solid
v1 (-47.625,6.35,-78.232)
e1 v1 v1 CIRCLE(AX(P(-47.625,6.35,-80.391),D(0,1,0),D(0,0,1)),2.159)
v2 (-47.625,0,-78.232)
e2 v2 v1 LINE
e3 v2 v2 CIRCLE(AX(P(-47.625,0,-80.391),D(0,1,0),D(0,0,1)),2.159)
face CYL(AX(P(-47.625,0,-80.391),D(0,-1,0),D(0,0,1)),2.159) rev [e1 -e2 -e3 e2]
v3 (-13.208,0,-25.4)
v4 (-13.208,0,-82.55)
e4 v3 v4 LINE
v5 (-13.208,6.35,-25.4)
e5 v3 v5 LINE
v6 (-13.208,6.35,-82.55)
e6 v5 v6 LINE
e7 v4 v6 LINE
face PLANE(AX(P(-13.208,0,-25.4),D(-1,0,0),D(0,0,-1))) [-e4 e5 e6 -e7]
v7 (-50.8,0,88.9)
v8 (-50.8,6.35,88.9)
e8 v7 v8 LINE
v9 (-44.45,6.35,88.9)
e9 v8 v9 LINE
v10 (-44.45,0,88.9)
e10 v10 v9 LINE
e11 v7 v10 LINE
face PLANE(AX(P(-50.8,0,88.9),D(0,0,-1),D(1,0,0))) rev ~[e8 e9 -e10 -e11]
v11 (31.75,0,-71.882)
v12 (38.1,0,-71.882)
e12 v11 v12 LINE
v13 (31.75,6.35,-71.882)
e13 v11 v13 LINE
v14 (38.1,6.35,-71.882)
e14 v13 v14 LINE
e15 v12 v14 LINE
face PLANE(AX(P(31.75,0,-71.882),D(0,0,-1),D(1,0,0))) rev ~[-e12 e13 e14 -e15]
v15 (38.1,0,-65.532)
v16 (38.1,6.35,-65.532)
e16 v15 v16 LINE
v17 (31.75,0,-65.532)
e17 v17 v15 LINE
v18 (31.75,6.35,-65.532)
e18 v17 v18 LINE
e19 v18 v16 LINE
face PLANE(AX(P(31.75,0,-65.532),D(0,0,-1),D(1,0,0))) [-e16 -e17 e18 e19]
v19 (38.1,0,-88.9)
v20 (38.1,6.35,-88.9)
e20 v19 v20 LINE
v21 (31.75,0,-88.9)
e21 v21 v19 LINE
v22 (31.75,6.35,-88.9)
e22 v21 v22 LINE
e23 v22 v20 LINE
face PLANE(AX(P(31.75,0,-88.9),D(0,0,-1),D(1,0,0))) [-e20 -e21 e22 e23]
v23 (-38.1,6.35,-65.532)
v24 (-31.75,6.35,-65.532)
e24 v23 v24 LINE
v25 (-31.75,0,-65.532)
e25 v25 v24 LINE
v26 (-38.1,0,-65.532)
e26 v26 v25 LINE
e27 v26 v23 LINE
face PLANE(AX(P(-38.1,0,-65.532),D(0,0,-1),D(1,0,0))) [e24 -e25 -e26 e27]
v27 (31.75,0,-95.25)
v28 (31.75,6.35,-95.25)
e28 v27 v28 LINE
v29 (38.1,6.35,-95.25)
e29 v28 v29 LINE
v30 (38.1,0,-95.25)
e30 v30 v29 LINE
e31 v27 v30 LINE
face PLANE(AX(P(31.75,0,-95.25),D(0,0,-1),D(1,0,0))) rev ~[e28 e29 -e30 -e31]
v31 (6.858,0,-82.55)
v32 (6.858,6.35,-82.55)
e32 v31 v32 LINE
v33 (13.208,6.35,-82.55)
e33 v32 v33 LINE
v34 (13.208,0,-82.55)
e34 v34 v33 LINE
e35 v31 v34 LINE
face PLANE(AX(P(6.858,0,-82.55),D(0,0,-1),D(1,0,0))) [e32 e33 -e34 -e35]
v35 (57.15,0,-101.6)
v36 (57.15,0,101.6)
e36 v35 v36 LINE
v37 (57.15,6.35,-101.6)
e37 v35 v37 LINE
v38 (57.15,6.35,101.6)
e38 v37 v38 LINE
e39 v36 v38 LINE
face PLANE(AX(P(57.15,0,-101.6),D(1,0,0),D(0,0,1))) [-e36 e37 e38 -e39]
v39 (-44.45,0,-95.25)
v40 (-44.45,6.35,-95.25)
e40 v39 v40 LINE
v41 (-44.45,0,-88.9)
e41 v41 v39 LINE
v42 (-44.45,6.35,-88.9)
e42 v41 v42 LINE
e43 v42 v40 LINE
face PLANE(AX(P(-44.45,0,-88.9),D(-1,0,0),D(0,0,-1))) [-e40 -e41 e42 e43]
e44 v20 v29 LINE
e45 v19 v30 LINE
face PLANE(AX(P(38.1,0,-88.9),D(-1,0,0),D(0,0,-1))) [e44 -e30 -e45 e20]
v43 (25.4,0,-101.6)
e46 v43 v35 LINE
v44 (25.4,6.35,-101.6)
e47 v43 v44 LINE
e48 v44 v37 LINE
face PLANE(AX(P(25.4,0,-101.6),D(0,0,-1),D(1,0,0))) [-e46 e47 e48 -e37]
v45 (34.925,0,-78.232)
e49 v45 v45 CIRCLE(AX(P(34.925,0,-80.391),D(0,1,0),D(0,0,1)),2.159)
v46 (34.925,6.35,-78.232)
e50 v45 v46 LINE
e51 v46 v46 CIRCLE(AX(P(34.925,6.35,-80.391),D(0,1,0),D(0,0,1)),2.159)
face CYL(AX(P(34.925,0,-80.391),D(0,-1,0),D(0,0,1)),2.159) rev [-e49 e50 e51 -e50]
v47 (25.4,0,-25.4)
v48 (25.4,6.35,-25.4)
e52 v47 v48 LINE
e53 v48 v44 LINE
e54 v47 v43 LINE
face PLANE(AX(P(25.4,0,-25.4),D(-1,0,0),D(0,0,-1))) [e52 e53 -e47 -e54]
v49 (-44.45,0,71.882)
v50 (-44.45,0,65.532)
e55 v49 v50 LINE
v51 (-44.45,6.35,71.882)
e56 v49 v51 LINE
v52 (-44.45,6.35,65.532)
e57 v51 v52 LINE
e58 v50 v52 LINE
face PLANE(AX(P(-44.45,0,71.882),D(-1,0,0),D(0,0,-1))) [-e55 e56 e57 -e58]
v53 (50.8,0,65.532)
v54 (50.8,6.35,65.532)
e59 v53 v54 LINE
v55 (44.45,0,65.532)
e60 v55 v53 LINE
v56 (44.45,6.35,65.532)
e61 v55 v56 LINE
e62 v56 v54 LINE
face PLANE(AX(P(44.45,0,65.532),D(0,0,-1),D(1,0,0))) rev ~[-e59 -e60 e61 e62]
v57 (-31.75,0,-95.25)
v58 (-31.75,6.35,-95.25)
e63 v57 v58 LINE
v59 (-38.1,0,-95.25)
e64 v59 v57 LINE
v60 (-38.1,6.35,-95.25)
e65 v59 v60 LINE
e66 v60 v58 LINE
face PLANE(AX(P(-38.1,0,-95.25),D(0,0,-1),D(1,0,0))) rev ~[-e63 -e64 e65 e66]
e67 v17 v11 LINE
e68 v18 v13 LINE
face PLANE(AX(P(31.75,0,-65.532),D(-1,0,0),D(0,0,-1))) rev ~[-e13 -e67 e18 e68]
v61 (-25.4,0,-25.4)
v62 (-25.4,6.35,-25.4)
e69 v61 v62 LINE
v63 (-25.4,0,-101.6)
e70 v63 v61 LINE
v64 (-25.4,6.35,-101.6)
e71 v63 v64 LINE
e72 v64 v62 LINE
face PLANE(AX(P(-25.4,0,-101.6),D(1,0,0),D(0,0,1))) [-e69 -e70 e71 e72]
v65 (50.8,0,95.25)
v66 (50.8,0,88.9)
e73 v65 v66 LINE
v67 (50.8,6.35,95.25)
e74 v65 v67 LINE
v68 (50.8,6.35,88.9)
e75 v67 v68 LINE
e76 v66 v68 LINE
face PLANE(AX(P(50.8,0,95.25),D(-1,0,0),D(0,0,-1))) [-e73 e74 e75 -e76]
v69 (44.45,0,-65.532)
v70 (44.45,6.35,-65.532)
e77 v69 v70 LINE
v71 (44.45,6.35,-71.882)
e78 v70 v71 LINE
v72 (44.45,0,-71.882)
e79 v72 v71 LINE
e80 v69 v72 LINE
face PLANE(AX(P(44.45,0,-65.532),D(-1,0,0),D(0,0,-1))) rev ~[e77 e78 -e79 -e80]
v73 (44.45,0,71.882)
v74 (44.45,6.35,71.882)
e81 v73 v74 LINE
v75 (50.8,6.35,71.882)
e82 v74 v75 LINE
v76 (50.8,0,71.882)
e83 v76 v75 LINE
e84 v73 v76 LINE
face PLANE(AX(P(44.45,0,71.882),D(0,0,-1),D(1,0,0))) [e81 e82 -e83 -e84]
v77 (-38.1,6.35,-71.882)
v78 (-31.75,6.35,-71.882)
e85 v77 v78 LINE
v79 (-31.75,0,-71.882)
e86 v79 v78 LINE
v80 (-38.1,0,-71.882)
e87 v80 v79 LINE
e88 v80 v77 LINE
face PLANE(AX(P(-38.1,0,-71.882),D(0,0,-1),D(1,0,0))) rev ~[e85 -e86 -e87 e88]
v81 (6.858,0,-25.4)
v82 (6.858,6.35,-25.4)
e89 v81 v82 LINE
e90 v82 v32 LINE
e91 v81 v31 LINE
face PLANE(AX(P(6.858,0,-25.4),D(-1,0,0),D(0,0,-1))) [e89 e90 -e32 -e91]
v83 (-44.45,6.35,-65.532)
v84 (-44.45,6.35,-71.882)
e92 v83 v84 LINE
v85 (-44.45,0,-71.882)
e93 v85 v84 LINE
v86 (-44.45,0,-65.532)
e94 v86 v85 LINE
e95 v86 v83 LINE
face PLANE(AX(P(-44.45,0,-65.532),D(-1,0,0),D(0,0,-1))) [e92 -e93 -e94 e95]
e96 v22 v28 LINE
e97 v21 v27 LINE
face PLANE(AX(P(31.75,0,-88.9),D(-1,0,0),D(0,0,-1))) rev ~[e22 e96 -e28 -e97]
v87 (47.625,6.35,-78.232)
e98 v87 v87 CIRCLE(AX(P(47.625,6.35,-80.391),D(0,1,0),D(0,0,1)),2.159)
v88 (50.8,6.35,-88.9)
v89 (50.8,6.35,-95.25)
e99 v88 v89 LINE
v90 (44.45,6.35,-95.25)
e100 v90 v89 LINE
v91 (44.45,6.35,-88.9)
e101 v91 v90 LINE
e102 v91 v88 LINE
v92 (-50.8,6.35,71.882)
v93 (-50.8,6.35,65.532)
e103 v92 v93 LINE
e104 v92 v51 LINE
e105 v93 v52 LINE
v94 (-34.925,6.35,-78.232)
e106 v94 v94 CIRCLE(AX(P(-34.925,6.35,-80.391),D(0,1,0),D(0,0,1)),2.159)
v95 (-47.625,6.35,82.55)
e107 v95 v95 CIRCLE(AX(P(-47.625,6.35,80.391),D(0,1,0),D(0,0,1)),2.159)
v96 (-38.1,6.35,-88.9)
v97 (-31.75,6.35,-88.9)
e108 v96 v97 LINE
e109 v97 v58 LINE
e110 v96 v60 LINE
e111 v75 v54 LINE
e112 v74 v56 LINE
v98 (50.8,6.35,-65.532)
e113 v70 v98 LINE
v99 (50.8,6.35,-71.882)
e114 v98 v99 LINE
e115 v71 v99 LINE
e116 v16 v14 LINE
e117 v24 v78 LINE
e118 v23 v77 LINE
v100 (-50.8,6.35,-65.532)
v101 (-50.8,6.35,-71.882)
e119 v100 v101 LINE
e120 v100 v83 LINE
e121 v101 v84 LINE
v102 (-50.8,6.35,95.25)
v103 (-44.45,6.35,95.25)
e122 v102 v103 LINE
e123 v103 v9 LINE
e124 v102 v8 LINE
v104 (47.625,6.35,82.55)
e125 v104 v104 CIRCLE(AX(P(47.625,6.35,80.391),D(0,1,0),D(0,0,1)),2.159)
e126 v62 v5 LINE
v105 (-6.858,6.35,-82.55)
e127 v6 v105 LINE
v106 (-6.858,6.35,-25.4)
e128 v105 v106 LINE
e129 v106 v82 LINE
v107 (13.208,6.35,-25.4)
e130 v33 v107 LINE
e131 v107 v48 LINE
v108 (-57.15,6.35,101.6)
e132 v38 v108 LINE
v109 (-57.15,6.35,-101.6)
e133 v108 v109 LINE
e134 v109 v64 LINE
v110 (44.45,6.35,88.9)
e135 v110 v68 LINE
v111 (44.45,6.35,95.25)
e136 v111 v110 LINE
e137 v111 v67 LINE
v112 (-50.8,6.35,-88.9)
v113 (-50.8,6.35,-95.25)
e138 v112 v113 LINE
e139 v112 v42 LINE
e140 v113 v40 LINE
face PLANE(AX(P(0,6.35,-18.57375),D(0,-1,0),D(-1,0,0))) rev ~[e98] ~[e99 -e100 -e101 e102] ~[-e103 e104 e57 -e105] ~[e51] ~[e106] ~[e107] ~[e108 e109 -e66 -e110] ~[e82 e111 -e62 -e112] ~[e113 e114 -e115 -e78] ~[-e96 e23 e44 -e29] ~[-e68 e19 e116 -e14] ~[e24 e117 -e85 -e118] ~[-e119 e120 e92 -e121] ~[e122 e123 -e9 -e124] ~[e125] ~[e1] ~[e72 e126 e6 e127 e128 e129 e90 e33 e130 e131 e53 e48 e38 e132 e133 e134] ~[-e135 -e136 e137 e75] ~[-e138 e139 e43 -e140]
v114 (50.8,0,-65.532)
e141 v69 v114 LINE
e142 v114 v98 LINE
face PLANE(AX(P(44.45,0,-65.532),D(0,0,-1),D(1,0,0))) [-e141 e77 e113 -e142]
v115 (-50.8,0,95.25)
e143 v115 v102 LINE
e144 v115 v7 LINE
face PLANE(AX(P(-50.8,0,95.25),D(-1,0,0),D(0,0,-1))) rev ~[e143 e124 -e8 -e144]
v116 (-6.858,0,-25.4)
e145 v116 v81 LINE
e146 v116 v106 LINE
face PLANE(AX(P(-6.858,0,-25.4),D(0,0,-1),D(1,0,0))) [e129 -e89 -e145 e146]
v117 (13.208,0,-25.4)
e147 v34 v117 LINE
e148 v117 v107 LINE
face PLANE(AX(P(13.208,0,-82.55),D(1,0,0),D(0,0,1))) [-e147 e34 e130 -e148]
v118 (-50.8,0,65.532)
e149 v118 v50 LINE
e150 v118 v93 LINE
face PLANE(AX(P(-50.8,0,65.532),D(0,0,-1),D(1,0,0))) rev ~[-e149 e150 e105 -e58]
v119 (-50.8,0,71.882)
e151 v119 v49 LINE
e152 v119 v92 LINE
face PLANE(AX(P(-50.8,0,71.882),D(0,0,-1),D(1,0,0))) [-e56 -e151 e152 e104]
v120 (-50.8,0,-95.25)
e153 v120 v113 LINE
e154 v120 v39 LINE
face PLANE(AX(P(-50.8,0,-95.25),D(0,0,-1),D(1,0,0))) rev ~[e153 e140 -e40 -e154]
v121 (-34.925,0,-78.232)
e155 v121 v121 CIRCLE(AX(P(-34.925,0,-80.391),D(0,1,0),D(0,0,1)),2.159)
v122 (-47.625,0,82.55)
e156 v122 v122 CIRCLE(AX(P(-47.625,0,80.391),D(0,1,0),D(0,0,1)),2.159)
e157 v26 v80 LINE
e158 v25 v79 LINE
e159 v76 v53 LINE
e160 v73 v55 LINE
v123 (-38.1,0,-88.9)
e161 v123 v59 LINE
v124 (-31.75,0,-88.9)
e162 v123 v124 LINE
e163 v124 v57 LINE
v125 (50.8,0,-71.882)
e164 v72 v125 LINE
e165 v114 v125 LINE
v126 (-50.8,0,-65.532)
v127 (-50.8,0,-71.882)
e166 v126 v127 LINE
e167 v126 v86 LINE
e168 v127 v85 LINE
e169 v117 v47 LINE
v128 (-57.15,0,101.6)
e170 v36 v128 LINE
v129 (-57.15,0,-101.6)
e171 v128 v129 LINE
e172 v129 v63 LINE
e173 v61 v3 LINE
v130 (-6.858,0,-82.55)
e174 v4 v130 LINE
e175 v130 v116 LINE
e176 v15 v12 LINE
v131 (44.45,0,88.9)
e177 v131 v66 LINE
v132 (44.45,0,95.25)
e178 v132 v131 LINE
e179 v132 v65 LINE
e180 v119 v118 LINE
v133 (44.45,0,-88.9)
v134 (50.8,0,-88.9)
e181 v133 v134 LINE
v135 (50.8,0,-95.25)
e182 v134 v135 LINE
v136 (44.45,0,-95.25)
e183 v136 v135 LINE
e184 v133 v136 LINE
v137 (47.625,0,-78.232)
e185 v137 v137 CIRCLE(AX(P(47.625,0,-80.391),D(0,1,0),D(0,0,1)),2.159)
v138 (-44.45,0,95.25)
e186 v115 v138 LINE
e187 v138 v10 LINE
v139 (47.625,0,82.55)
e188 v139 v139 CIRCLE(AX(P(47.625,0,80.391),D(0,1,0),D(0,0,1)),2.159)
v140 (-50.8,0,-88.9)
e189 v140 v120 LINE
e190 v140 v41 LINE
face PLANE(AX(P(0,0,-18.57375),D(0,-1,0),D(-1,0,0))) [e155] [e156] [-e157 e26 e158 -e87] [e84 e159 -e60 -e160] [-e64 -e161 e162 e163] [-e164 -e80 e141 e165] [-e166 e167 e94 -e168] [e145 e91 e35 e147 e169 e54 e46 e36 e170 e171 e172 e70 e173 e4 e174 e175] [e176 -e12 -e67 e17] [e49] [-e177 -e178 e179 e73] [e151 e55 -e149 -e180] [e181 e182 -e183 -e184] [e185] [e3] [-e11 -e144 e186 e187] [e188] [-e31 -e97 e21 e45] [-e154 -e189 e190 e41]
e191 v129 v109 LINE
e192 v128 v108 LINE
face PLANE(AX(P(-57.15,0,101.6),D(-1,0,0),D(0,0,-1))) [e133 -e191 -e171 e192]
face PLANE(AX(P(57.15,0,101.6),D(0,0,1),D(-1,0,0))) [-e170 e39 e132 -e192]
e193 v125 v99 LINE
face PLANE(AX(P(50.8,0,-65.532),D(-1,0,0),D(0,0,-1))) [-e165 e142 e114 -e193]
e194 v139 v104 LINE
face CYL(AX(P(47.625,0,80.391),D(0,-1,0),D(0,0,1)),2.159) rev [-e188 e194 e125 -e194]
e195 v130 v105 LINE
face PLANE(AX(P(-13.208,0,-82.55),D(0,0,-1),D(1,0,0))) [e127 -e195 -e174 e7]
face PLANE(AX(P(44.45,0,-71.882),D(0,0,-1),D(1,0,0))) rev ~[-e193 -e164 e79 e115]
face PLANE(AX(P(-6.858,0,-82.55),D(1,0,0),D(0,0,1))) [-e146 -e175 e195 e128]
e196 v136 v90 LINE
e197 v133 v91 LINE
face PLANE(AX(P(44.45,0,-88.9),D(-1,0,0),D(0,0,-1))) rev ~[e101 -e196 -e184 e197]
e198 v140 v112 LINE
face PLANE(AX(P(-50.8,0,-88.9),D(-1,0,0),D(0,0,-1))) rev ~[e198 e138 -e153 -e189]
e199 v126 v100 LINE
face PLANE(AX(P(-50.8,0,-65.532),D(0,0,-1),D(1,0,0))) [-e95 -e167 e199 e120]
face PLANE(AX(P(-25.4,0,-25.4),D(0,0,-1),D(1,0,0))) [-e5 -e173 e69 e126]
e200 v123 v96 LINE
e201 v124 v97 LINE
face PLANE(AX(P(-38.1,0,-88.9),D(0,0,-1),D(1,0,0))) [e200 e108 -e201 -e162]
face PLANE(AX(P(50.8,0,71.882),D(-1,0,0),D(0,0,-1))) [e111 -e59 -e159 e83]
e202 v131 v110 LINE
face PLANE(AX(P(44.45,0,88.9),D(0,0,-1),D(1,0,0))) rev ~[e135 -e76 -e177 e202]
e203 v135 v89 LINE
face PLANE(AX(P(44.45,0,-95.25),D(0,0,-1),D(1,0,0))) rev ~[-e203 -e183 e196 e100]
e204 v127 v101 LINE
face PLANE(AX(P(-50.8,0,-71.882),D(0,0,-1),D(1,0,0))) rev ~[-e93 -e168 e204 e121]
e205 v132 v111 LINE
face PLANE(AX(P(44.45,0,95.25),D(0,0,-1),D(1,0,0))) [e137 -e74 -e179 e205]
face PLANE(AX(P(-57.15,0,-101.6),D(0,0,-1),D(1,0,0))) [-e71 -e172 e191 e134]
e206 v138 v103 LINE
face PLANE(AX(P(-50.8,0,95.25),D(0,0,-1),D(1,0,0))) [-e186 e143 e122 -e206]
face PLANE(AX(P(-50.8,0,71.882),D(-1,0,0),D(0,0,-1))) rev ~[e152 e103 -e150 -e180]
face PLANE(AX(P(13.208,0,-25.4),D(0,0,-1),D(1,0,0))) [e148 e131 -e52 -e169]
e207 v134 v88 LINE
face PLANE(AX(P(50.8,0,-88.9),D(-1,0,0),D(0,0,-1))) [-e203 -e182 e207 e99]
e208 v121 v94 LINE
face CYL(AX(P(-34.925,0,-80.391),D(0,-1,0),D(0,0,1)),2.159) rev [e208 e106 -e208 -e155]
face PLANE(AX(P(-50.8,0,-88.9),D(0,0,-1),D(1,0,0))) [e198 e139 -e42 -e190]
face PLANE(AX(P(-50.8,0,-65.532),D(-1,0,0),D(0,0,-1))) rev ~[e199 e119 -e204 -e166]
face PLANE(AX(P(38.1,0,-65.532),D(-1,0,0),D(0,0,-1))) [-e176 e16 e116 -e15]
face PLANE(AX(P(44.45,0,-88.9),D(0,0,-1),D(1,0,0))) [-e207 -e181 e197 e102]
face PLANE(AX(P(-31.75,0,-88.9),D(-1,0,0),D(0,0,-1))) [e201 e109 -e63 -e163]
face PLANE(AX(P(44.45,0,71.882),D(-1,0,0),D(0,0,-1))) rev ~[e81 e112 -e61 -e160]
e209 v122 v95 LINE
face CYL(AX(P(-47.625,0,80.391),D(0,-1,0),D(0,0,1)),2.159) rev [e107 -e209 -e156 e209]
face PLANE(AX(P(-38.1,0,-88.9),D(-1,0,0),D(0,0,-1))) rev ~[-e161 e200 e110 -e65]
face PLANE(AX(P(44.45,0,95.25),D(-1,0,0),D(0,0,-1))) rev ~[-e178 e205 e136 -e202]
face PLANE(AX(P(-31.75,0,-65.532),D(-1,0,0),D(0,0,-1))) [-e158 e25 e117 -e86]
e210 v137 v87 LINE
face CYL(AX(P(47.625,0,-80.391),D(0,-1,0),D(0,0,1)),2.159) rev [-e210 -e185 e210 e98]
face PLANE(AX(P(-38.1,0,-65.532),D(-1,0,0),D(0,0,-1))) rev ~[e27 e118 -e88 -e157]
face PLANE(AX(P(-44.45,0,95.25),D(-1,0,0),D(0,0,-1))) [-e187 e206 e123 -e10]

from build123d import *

# Parameters (mm, degrees)
SKETCH1_R           = 2.159
SKETCH1_W           = 6.35
SKETCH1_H           = 6.35
BOSS_EXTRUDE1_DEPTH = 6.35


with BuildPart() as part:
    # Sketch1 → Boss-Extrude1 (new body)
    with BuildSketch(Plane(origin=(0, 0, 0), x_dir=(1, 0, 0), z_dir=(0, 1, 0))):
        Polygon((-57.15, 101.6), (-25.4, 101.6), (-25.4, 25.4), (-13.208, 25.4), (-13.208, 82.55), (-6.858, 82.55), (-6.858, 25.4), (6.858, 25.4), (6.858, 82.55), (13.208, 82.55), (13.208, 25.4), (25.4, 25.4), (25.4, 101.6), (57.15, 101.6), (57.15, -101.6), (-57.15, -101.6), align=None)
        with Locations(Location((34.925, 80.391, 0), (0, 0, 270))):
            Circle(SKETCH1_R, mode=Mode.SUBTRACT)
        with Locations(Location((-34.925, 80.391, 0), (0, 0, 270))):
            Circle(SKETCH1_R, mode=Mode.SUBTRACT)
        with Locations(Location((47.625, 80.391, 0), (0, 0, 270))):
            Circle(SKETCH1_R, mode=Mode.SUBTRACT)
        with Locations(Location((-47.625, 80.391, 0), (0, 0, 270))):
            Circle(SKETCH1_R, mode=Mode.SUBTRACT)
        with Locations(Location((47.625, -80.391, 0), (0, 0, 270))):
            Circle(SKETCH1_R, mode=Mode.SUBTRACT)
        with Locations(Location((-47.625, -80.391, 0), (0, 0, 270))):
            Circle(SKETCH1_R, mode=Mode.SUBTRACT)
        with Locations((34.925, 92.075)):
            Rectangle(SKETCH1_W, SKETCH1_H, mode=Mode.SUBTRACT)
        with Locations((34.925, 68.707)):
            Rectangle(SKETCH1_W, SKETCH1_H, mode=Mode.SUBTRACT)
        with Locations((-34.925, 92.075)):
            Rectangle(SKETCH1_W, SKETCH1_H, mode=Mode.SUBTRACT)
        with Locations((-34.925, 68.707)):
            Rectangle(SKETCH1_W, SKETCH1_H, mode=Mode.SUBTRACT)
        with Locations((47.625, 92.075)):
            Rectangle(SKETCH1_W, SKETCH1_H, mode=Mode.SUBTRACT)
        with Locations((47.625, 68.707)):
            Rectangle(SKETCH1_W, SKETCH1_H, mode=Mode.SUBTRACT)
        with Locations((-47.625, 92.075)):
            Rectangle(SKETCH1_W, SKETCH1_H, mode=Mode.SUBTRACT)
        with Locations((-47.625, 68.707)):
            Rectangle(SKETCH1_W, SKETCH1_H, mode=Mode.SUBTRACT)
        with Locations((47.625, -68.707)):
            Rectangle(SKETCH1_W, SKETCH1_H, mode=Mode.SUBTRACT)
        with Locations((47.625, -92.075)):
            Rectangle(SKETCH1_W, SKETCH1_H, mode=Mode.SUBTRACT)
        with Locations((-47.625, -68.707)):
            Rectangle(SKETCH1_W, SKETCH1_H, mode=Mode.SUBTRACT)
        with Locations((-47.625, -92.075)):
            Rectangle(SKETCH1_W, SKETCH1_H, mode=Mode.SUBTRACT)
    extrude(amount=BOSS_EXTRUDE1_DEPTH)


solid = part.part
